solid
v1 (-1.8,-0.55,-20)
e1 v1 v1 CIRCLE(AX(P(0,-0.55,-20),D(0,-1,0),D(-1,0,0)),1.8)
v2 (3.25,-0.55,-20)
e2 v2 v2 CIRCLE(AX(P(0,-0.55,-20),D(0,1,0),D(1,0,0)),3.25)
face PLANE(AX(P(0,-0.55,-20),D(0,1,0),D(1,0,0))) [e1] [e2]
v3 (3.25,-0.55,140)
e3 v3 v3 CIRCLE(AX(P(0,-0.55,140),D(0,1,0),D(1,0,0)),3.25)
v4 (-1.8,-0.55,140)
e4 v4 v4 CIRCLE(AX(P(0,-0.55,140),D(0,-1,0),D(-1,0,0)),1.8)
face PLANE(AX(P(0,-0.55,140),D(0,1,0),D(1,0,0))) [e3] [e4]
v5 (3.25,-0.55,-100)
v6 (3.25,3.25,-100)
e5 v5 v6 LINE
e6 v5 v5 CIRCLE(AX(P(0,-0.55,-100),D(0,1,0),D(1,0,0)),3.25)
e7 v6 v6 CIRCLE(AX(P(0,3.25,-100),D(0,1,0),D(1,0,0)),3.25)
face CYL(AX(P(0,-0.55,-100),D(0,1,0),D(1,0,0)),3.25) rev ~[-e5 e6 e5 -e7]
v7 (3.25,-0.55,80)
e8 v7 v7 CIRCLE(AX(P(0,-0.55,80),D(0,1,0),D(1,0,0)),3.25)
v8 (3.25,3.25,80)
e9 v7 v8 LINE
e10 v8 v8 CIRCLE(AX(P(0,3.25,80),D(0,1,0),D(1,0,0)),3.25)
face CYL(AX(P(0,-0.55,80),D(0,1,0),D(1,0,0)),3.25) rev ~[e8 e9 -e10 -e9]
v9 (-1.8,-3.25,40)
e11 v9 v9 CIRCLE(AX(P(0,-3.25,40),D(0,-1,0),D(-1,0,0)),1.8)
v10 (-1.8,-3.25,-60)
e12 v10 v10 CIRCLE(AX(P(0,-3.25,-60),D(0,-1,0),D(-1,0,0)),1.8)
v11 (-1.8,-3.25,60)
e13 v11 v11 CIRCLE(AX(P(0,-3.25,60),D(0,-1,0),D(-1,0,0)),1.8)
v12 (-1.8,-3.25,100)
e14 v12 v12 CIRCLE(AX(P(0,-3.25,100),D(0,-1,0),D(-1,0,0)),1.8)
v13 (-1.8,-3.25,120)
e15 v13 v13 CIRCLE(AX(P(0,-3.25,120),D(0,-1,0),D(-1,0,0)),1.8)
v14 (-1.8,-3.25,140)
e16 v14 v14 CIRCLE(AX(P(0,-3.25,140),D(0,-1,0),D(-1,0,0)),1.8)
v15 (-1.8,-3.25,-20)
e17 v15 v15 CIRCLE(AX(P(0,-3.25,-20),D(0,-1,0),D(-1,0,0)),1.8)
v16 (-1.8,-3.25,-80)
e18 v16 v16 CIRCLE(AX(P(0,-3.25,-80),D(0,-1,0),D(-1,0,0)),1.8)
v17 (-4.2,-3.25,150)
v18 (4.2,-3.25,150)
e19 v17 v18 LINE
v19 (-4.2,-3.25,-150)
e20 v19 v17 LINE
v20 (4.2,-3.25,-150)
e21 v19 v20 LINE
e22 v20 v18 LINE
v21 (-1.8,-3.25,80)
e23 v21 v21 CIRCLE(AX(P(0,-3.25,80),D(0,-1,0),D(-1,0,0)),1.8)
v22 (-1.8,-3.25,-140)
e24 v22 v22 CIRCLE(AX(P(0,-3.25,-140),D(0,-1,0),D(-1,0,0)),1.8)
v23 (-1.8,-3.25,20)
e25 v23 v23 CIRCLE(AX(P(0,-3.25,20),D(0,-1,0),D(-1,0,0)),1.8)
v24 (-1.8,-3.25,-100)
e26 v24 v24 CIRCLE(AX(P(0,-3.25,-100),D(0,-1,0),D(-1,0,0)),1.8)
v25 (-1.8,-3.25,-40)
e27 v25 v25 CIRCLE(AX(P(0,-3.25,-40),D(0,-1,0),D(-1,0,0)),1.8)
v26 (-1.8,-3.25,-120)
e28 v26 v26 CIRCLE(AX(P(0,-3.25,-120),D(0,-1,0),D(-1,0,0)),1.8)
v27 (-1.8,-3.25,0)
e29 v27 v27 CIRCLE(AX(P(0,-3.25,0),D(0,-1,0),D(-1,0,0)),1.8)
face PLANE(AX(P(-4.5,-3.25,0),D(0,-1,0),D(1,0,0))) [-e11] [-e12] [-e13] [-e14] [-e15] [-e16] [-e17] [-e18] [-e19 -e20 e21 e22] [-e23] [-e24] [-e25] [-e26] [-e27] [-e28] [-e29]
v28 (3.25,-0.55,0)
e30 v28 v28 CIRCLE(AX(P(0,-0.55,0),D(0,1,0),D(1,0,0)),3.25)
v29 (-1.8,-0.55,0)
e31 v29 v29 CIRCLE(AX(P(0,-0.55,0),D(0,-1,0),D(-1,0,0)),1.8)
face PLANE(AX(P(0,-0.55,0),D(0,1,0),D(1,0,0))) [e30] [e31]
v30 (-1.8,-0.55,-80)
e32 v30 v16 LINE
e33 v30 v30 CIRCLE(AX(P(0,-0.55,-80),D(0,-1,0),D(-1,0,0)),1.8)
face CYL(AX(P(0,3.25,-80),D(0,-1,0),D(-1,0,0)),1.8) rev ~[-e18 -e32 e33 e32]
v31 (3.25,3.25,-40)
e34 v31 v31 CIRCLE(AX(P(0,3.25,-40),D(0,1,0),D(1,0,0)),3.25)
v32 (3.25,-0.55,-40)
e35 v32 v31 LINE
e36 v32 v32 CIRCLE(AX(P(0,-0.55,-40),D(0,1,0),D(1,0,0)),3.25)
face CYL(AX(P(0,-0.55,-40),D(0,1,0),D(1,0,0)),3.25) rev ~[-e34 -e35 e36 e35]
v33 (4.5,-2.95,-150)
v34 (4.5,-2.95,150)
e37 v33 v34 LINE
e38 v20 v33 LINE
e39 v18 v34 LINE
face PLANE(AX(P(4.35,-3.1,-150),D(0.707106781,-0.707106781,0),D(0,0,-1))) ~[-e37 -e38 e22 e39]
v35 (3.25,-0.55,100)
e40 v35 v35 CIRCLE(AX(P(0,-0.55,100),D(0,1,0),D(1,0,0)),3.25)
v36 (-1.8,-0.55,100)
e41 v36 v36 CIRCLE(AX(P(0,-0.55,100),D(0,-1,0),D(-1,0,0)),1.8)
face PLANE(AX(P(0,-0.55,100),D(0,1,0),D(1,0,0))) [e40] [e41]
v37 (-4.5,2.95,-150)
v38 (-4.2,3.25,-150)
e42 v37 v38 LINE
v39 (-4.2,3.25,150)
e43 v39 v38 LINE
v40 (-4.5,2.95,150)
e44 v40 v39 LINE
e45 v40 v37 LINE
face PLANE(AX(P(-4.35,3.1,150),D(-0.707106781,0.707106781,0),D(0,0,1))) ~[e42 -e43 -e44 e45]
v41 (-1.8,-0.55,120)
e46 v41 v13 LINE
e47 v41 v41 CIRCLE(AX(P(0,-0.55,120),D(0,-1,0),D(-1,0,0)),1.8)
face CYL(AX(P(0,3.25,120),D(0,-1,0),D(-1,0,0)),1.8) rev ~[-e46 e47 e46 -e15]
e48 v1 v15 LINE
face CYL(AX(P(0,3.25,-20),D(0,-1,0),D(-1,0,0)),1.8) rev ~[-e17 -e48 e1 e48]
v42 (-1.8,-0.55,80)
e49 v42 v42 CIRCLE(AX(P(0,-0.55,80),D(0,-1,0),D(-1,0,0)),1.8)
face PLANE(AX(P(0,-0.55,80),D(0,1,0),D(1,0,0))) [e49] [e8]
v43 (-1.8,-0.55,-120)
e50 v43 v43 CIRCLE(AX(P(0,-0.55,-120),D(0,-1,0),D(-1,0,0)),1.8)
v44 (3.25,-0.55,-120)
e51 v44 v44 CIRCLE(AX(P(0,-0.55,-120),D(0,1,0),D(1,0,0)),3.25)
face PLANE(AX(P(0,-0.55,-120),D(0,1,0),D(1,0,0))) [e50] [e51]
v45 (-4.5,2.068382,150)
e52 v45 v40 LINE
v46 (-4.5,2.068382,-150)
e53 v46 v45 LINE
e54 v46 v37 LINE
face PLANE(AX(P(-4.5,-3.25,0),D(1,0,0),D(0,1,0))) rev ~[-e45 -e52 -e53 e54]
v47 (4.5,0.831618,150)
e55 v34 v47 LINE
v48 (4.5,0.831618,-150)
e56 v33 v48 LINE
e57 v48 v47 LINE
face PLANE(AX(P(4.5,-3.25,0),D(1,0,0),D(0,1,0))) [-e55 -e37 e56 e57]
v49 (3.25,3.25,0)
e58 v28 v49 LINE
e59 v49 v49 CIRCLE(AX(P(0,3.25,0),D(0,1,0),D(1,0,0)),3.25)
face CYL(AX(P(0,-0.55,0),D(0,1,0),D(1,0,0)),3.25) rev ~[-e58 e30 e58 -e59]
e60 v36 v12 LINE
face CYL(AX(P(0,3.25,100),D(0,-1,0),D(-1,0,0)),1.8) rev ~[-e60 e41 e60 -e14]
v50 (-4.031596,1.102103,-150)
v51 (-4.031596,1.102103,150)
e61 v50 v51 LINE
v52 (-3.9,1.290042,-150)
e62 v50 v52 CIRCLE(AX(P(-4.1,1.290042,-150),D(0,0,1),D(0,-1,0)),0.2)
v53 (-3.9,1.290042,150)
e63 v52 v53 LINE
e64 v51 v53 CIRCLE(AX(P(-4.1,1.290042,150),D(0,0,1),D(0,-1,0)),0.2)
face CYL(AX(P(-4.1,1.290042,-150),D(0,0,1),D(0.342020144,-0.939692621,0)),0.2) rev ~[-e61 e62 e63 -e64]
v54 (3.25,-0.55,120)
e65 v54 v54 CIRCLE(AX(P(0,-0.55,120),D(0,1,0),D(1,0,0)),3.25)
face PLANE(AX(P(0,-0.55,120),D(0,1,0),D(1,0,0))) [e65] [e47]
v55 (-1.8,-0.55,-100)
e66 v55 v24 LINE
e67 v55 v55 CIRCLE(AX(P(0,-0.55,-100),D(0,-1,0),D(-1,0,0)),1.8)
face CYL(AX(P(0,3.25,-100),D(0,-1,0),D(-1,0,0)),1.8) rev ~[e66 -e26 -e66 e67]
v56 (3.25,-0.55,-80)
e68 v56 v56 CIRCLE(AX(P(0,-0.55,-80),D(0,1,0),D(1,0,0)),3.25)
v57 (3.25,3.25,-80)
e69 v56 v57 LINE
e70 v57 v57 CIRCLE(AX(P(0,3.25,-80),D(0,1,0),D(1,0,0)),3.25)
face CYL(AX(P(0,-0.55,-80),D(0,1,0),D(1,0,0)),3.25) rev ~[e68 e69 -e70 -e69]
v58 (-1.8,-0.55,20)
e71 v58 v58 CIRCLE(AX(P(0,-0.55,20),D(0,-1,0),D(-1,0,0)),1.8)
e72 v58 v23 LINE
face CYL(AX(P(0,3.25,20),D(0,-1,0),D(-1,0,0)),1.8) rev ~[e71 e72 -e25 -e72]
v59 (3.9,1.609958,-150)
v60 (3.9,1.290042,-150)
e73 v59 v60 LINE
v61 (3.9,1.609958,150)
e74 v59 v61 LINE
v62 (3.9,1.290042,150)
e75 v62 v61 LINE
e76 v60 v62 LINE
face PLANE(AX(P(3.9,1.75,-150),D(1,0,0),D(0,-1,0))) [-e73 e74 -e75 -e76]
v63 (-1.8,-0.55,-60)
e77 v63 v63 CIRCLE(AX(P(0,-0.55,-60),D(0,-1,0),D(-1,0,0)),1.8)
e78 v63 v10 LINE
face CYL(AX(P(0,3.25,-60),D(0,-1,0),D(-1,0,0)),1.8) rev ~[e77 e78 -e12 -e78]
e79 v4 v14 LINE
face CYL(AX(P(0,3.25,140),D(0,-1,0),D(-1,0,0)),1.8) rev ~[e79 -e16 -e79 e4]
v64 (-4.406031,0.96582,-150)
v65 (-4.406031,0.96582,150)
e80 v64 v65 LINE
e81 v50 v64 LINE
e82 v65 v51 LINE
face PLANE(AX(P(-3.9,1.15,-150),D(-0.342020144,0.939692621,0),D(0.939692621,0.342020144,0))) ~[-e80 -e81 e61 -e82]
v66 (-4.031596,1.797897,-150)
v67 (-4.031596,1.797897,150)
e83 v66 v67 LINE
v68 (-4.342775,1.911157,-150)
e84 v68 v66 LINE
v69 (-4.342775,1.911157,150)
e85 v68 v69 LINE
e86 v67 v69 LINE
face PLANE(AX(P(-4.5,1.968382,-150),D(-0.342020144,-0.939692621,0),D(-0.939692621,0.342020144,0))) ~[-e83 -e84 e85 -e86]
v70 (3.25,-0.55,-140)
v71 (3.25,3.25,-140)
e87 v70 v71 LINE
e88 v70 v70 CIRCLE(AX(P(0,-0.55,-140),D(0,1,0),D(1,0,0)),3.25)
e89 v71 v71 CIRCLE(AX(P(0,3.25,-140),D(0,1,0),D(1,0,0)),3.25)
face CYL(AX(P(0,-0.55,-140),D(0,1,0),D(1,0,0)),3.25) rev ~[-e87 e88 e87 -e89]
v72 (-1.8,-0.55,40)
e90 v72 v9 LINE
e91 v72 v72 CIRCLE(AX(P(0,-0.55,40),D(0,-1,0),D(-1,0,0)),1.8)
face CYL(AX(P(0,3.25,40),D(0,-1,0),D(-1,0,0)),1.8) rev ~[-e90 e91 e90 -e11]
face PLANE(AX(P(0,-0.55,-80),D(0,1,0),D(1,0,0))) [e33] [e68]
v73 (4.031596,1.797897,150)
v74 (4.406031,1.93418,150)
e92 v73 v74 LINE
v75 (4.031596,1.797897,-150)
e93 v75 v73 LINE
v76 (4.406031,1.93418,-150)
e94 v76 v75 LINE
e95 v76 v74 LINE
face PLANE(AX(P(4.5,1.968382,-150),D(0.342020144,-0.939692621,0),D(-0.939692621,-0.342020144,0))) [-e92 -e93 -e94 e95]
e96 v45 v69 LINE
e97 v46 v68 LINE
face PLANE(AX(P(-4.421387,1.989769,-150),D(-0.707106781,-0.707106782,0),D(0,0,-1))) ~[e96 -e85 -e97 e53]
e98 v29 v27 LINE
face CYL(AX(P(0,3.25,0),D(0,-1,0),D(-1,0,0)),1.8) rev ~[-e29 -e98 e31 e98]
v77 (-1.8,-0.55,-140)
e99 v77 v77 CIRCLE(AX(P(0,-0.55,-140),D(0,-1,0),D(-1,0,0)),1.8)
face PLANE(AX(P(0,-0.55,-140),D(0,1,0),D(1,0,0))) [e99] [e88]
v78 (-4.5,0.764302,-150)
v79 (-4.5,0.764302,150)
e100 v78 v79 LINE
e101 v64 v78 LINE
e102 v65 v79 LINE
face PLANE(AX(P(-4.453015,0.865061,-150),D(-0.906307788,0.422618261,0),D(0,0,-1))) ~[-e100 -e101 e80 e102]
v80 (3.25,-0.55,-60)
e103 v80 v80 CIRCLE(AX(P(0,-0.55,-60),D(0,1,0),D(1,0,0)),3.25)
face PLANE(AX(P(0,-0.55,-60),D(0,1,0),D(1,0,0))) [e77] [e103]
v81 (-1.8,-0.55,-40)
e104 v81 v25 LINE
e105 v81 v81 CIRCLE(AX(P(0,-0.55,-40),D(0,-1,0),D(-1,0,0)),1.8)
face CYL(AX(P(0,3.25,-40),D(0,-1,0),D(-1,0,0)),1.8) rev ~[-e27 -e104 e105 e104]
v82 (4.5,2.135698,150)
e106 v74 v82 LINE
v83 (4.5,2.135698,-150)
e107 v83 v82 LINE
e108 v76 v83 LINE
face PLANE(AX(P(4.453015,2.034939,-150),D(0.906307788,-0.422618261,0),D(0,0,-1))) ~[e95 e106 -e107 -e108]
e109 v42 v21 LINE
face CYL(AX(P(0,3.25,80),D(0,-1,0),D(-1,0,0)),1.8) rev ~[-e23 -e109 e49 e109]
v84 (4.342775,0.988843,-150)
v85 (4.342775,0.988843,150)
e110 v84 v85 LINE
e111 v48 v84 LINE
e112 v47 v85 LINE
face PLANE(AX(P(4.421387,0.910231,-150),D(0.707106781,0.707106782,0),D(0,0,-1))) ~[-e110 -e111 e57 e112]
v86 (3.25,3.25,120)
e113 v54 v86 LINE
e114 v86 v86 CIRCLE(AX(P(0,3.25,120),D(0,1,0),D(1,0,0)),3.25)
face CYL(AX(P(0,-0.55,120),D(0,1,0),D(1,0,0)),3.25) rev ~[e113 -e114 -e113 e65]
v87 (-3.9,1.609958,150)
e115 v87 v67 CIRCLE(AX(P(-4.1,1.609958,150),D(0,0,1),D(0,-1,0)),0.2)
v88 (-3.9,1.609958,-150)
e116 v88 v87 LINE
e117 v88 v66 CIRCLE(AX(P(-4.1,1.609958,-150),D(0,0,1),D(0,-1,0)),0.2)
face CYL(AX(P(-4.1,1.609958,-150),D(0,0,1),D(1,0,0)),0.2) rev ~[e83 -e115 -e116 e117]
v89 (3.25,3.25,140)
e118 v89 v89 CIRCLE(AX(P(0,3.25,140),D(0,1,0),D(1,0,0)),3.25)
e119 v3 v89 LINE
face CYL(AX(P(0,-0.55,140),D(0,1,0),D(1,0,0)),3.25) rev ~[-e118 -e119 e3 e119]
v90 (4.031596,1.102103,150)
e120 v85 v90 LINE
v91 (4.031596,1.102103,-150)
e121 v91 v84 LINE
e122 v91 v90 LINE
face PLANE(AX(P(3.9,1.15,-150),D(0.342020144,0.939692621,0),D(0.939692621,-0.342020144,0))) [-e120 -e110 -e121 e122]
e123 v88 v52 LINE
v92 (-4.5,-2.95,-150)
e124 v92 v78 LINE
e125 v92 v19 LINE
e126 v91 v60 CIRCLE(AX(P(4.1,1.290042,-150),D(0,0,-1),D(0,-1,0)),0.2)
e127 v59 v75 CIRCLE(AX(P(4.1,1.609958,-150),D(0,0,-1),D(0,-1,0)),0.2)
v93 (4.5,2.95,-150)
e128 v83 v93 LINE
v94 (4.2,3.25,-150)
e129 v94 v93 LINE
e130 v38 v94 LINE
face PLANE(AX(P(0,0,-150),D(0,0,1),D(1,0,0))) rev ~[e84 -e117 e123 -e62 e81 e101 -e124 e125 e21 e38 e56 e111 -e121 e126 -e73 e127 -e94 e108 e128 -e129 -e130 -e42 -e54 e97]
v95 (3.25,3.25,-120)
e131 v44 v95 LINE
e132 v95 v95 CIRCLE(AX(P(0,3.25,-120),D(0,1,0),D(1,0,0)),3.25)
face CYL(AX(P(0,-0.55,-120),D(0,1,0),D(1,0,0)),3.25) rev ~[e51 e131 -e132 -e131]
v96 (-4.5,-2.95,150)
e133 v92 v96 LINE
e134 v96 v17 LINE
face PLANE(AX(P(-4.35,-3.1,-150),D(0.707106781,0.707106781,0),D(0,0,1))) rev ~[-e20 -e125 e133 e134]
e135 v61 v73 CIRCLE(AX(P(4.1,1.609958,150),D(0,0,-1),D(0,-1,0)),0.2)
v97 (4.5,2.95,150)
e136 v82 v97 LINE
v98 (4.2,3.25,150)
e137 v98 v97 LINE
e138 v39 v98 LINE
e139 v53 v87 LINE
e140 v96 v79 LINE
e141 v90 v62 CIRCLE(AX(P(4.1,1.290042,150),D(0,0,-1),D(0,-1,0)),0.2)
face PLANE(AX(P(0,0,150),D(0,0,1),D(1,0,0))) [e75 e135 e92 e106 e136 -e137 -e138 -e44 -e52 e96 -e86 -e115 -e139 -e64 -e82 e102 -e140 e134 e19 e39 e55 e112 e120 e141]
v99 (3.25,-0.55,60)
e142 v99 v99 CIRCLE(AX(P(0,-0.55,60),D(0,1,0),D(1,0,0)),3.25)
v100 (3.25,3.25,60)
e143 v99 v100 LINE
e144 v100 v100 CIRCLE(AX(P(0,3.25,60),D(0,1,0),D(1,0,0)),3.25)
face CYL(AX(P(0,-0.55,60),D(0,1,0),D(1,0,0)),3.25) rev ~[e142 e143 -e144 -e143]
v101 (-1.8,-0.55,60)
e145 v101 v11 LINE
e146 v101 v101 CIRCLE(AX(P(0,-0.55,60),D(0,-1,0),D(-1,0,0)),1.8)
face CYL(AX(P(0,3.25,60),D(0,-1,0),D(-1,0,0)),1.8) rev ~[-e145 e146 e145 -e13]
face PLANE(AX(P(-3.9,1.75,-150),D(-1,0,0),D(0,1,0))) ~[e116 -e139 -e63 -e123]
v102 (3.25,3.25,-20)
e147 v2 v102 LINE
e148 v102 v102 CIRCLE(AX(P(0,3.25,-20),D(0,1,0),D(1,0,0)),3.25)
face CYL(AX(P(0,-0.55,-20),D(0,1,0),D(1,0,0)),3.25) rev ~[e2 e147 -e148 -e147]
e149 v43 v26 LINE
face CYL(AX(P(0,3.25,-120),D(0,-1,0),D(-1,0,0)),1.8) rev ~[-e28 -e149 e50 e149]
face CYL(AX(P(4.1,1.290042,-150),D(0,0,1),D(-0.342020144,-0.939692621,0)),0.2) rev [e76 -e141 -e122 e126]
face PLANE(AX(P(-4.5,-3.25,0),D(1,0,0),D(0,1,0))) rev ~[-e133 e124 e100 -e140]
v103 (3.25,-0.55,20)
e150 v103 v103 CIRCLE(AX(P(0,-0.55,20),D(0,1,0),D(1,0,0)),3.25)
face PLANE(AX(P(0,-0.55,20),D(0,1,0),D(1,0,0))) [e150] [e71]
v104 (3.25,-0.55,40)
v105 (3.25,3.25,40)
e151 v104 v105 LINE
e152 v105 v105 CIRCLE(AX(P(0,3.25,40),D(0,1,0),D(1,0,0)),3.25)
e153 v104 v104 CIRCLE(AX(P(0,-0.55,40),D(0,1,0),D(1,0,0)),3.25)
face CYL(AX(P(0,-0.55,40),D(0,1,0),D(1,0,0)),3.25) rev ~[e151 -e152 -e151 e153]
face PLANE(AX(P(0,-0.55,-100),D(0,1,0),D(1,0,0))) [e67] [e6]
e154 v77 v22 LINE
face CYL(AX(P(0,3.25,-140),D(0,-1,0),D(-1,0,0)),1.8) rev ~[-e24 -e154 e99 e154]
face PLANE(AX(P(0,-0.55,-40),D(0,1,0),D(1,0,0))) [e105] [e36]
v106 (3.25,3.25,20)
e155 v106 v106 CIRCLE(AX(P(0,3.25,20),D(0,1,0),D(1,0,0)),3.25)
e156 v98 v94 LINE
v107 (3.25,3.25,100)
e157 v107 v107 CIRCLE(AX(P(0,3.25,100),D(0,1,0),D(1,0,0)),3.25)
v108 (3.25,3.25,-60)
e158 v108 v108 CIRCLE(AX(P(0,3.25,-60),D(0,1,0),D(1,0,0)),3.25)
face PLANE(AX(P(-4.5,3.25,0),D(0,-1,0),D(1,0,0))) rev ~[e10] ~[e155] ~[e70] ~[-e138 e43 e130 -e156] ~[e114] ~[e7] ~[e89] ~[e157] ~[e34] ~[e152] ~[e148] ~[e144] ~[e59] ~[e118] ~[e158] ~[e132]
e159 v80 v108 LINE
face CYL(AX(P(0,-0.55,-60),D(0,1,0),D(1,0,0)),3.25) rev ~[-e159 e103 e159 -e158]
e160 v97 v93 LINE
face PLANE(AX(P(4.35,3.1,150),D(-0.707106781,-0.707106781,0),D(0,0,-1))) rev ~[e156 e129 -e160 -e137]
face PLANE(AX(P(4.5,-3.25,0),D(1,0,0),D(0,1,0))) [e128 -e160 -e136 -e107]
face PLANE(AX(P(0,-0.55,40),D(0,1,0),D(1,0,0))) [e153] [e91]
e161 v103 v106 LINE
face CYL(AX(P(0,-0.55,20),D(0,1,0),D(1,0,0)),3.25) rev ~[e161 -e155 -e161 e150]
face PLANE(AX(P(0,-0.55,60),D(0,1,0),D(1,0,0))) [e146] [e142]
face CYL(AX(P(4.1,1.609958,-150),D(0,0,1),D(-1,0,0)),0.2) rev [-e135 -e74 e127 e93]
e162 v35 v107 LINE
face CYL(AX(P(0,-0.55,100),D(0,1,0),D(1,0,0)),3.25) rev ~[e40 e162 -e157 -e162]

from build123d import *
from OCP.BRepFilletAPI import BRepFilletAPI_MakeChamfer

# Parameters (mm, degrees)
ESQUISSE1_W                                       = 9
ESQUISSE1_H                                       = 6.5
BOSS_EXTRU_1_DEPTH                                = 150
ENL_V_MAT_EXTRU_1_DEPTH                           = 301.051349772
CHANFREIN1_SIZE                                   = 0.3
CONG_1_R                                          = 0.2
CHANFREIN2_SIZE                                   = 0.1
CHANFREIN2_SIZE2                                  = 0.167315719
CHAMBRAGE_POUR_VIS_SIX_PANS_CREUX_M31_D           = 3.6
CHAMBRAGE_POUR_VIS_SIX_PANS_CREUX_M31_CBORE_D     = 6.5
CHAMBRAGE_POUR_VIS_SIX_PANS_CREUX_M31_CBORE_DEPTH = 3.8
R_P_TITION_LIN_AIRE1_COUNT                        = 15
R_P_TITION_LIN_AIRE1_PITCH                        = 20


with BuildPart() as part:
    # Esquisse1 → Boss.-Extru.1 (new, symmetric)
    with BuildSketch(Plane.XY):
        Rectangle(ESQUISSE1_W, ESQUISSE1_H)
    extrude(amount=BOSS_EXTRU_1_DEPTH, both=True)

    # Esquisse2 → Enlèv. mat.-Extru.1 (cut, through all)
    with BuildSketch(Plane(origin=(0, 0, -150), x_dir=(-1, 0, 0), z_dir=(0, 0, -1))):
        Polygon((-4.5, 1.968382141), (-3.9, 1.75), (-3.9, 1.15), (-4.5, 0.931617859), align=None)
    enl_v_mat_extru_1 = extrude(amount=-ENL_V_MAT_EXTRU_1_DEPTH, mode=Mode.SUBTRACT)

    # Symétrie1: Enlèv. mat.-Extru.1 across plane
    add(enl_v_mat_extru_1.mirror(Plane(origin=(0, 0, 0), x_dir=(0, 0, 1), z_dir=(1, 0, 0))), mode=Mode.SUBTRACT)

    # Chanfrein1
    chanfrein1_edges = [part.edges().sort_by_distance(p)[0] for p in [
        (-4.5, 3.25, 0),
        (4.5, 3.25, 0),
        (4.5, -3.25, 0),
        (-4.5, -3.25, 0),
    ]]
    chamfer(chanfrein1_edges, length=CHANFREIN1_SIZE)

    # Congé1
    cong_1_edges = [part.edges().sort_by_distance(p)[0] for p in [
        (3.9, 1.75, 0),
        (3.9, 1.15, 0),
        (-3.9, 1.15, 0),
        (-3.9, 1.75, 0),
    ]]
    fillet(cong_1_edges, radius=CONG_1_R)

    # Chanfrein2: one chamfer whose edges measure the first distance from different faces: ONE call of the kernel's chamfer builder (chamfer() names one face for all edges)
    chanfrein2_edges_1 = [part.edges().sort_by_distance(p)[0] for p in [
        (4.5, 0.931617859, 0),
    ]]
    chanfrein2_side_1 = [part.faces().sort_by_distance(p)[0] for p in [
        (4.5, -1.00919107, 0),
    ]]
    chanfrein2_edges_2 = [part.edges().sort_by_distance(p)[0] for p in [
        (4.5, 1.968382141, 0),
    ]]
    chanfrein2_side_2 = [part.faces().sort_by_distance(p)[0] for p in [
        (4.265797986, 1.883139579, 0),
    ]]
    chanfrein2_edges_3 = [part.edges().sort_by_distance(p)[0] for p in [
        (-4.5, 1.968382141, 0),
    ]]
    chanfrein2_side_3 = [part.faces().sort_by_distance(p)[0] for p in [
        (-4.5, 2.45919107, 0),
    ]]
    chanfrein2_edges_4 = [part.edges().sort_by_distance(p)[0] for p in [
        (-4.5, 0.931617859, 0),
    ]]
    chanfrein2_side_4 = [part.faces().sort_by_distance(p)[0] for p in [
        (-4.265797986, 1.016860421, 0),
    ]]
    chanfrein2 = BRepFilletAPI_MakeChamfer(part.part.solid().wrapped)
    for e in chanfrein2_edges_1:
        chanfrein2.Add(CHANFREIN2_SIZE, CHANFREIN2_SIZE2, e.wrapped, chanfrein2_side_1[0].wrapped)  # the first distance lies on this face
    for e in chanfrein2_edges_2:
        chanfrein2.Add(CHANFREIN2_SIZE, CHANFREIN2_SIZE2, e.wrapped, chanfrein2_side_2[0].wrapped)  # the first distance lies on this face
    for e in chanfrein2_edges_3:
        chanfrein2.Add(CHANFREIN2_SIZE, CHANFREIN2_SIZE2, e.wrapped, chanfrein2_side_3[0].wrapped)  # the first distance lies on this face
    for e in chanfrein2_edges_4:
        chanfrein2.Add(CHANFREIN2_SIZE, CHANFREIN2_SIZE2, e.wrapped, chanfrein2_side_4[0].wrapped)  # the first distance lies on this face
    add(Compound.cast(chanfrein2.Shape()), mode=Mode.REPLACE)

    # Chambrage pour vis à six pans creux M31 (through all)
    with Locations(Plane(origin=(0, 3.25, 0), x_dir=(1, 0, 0), z_dir=(0, 1, 0))):
        with Locations((0, 140)):
            chambrage_pour_vis_six_pans_creux_m31 = CounterBoreHole(CHAMBRAGE_POUR_VIS_SIX_PANS_CREUX_M31_D / 2, CHAMBRAGE_POUR_VIS_SIX_PANS_CREUX_M31_CBORE_D / 2, CHAMBRAGE_POUR_VIS_SIX_PANS_CREUX_M31_CBORE_DEPTH)

    # Répétition linéaire1: Chambrage pour vis à six pans creux M31 ×15
    with Locations(*[(0, 0, i * R_P_TITION_LIN_AIRE1_PITCH) for i in range(1, R_P_TITION_LIN_AIRE1_COUNT)]):
        add(chambrage_pour_vis_six_pans_creux_m31, mode=Mode.SUBTRACT)


solid = part.part
